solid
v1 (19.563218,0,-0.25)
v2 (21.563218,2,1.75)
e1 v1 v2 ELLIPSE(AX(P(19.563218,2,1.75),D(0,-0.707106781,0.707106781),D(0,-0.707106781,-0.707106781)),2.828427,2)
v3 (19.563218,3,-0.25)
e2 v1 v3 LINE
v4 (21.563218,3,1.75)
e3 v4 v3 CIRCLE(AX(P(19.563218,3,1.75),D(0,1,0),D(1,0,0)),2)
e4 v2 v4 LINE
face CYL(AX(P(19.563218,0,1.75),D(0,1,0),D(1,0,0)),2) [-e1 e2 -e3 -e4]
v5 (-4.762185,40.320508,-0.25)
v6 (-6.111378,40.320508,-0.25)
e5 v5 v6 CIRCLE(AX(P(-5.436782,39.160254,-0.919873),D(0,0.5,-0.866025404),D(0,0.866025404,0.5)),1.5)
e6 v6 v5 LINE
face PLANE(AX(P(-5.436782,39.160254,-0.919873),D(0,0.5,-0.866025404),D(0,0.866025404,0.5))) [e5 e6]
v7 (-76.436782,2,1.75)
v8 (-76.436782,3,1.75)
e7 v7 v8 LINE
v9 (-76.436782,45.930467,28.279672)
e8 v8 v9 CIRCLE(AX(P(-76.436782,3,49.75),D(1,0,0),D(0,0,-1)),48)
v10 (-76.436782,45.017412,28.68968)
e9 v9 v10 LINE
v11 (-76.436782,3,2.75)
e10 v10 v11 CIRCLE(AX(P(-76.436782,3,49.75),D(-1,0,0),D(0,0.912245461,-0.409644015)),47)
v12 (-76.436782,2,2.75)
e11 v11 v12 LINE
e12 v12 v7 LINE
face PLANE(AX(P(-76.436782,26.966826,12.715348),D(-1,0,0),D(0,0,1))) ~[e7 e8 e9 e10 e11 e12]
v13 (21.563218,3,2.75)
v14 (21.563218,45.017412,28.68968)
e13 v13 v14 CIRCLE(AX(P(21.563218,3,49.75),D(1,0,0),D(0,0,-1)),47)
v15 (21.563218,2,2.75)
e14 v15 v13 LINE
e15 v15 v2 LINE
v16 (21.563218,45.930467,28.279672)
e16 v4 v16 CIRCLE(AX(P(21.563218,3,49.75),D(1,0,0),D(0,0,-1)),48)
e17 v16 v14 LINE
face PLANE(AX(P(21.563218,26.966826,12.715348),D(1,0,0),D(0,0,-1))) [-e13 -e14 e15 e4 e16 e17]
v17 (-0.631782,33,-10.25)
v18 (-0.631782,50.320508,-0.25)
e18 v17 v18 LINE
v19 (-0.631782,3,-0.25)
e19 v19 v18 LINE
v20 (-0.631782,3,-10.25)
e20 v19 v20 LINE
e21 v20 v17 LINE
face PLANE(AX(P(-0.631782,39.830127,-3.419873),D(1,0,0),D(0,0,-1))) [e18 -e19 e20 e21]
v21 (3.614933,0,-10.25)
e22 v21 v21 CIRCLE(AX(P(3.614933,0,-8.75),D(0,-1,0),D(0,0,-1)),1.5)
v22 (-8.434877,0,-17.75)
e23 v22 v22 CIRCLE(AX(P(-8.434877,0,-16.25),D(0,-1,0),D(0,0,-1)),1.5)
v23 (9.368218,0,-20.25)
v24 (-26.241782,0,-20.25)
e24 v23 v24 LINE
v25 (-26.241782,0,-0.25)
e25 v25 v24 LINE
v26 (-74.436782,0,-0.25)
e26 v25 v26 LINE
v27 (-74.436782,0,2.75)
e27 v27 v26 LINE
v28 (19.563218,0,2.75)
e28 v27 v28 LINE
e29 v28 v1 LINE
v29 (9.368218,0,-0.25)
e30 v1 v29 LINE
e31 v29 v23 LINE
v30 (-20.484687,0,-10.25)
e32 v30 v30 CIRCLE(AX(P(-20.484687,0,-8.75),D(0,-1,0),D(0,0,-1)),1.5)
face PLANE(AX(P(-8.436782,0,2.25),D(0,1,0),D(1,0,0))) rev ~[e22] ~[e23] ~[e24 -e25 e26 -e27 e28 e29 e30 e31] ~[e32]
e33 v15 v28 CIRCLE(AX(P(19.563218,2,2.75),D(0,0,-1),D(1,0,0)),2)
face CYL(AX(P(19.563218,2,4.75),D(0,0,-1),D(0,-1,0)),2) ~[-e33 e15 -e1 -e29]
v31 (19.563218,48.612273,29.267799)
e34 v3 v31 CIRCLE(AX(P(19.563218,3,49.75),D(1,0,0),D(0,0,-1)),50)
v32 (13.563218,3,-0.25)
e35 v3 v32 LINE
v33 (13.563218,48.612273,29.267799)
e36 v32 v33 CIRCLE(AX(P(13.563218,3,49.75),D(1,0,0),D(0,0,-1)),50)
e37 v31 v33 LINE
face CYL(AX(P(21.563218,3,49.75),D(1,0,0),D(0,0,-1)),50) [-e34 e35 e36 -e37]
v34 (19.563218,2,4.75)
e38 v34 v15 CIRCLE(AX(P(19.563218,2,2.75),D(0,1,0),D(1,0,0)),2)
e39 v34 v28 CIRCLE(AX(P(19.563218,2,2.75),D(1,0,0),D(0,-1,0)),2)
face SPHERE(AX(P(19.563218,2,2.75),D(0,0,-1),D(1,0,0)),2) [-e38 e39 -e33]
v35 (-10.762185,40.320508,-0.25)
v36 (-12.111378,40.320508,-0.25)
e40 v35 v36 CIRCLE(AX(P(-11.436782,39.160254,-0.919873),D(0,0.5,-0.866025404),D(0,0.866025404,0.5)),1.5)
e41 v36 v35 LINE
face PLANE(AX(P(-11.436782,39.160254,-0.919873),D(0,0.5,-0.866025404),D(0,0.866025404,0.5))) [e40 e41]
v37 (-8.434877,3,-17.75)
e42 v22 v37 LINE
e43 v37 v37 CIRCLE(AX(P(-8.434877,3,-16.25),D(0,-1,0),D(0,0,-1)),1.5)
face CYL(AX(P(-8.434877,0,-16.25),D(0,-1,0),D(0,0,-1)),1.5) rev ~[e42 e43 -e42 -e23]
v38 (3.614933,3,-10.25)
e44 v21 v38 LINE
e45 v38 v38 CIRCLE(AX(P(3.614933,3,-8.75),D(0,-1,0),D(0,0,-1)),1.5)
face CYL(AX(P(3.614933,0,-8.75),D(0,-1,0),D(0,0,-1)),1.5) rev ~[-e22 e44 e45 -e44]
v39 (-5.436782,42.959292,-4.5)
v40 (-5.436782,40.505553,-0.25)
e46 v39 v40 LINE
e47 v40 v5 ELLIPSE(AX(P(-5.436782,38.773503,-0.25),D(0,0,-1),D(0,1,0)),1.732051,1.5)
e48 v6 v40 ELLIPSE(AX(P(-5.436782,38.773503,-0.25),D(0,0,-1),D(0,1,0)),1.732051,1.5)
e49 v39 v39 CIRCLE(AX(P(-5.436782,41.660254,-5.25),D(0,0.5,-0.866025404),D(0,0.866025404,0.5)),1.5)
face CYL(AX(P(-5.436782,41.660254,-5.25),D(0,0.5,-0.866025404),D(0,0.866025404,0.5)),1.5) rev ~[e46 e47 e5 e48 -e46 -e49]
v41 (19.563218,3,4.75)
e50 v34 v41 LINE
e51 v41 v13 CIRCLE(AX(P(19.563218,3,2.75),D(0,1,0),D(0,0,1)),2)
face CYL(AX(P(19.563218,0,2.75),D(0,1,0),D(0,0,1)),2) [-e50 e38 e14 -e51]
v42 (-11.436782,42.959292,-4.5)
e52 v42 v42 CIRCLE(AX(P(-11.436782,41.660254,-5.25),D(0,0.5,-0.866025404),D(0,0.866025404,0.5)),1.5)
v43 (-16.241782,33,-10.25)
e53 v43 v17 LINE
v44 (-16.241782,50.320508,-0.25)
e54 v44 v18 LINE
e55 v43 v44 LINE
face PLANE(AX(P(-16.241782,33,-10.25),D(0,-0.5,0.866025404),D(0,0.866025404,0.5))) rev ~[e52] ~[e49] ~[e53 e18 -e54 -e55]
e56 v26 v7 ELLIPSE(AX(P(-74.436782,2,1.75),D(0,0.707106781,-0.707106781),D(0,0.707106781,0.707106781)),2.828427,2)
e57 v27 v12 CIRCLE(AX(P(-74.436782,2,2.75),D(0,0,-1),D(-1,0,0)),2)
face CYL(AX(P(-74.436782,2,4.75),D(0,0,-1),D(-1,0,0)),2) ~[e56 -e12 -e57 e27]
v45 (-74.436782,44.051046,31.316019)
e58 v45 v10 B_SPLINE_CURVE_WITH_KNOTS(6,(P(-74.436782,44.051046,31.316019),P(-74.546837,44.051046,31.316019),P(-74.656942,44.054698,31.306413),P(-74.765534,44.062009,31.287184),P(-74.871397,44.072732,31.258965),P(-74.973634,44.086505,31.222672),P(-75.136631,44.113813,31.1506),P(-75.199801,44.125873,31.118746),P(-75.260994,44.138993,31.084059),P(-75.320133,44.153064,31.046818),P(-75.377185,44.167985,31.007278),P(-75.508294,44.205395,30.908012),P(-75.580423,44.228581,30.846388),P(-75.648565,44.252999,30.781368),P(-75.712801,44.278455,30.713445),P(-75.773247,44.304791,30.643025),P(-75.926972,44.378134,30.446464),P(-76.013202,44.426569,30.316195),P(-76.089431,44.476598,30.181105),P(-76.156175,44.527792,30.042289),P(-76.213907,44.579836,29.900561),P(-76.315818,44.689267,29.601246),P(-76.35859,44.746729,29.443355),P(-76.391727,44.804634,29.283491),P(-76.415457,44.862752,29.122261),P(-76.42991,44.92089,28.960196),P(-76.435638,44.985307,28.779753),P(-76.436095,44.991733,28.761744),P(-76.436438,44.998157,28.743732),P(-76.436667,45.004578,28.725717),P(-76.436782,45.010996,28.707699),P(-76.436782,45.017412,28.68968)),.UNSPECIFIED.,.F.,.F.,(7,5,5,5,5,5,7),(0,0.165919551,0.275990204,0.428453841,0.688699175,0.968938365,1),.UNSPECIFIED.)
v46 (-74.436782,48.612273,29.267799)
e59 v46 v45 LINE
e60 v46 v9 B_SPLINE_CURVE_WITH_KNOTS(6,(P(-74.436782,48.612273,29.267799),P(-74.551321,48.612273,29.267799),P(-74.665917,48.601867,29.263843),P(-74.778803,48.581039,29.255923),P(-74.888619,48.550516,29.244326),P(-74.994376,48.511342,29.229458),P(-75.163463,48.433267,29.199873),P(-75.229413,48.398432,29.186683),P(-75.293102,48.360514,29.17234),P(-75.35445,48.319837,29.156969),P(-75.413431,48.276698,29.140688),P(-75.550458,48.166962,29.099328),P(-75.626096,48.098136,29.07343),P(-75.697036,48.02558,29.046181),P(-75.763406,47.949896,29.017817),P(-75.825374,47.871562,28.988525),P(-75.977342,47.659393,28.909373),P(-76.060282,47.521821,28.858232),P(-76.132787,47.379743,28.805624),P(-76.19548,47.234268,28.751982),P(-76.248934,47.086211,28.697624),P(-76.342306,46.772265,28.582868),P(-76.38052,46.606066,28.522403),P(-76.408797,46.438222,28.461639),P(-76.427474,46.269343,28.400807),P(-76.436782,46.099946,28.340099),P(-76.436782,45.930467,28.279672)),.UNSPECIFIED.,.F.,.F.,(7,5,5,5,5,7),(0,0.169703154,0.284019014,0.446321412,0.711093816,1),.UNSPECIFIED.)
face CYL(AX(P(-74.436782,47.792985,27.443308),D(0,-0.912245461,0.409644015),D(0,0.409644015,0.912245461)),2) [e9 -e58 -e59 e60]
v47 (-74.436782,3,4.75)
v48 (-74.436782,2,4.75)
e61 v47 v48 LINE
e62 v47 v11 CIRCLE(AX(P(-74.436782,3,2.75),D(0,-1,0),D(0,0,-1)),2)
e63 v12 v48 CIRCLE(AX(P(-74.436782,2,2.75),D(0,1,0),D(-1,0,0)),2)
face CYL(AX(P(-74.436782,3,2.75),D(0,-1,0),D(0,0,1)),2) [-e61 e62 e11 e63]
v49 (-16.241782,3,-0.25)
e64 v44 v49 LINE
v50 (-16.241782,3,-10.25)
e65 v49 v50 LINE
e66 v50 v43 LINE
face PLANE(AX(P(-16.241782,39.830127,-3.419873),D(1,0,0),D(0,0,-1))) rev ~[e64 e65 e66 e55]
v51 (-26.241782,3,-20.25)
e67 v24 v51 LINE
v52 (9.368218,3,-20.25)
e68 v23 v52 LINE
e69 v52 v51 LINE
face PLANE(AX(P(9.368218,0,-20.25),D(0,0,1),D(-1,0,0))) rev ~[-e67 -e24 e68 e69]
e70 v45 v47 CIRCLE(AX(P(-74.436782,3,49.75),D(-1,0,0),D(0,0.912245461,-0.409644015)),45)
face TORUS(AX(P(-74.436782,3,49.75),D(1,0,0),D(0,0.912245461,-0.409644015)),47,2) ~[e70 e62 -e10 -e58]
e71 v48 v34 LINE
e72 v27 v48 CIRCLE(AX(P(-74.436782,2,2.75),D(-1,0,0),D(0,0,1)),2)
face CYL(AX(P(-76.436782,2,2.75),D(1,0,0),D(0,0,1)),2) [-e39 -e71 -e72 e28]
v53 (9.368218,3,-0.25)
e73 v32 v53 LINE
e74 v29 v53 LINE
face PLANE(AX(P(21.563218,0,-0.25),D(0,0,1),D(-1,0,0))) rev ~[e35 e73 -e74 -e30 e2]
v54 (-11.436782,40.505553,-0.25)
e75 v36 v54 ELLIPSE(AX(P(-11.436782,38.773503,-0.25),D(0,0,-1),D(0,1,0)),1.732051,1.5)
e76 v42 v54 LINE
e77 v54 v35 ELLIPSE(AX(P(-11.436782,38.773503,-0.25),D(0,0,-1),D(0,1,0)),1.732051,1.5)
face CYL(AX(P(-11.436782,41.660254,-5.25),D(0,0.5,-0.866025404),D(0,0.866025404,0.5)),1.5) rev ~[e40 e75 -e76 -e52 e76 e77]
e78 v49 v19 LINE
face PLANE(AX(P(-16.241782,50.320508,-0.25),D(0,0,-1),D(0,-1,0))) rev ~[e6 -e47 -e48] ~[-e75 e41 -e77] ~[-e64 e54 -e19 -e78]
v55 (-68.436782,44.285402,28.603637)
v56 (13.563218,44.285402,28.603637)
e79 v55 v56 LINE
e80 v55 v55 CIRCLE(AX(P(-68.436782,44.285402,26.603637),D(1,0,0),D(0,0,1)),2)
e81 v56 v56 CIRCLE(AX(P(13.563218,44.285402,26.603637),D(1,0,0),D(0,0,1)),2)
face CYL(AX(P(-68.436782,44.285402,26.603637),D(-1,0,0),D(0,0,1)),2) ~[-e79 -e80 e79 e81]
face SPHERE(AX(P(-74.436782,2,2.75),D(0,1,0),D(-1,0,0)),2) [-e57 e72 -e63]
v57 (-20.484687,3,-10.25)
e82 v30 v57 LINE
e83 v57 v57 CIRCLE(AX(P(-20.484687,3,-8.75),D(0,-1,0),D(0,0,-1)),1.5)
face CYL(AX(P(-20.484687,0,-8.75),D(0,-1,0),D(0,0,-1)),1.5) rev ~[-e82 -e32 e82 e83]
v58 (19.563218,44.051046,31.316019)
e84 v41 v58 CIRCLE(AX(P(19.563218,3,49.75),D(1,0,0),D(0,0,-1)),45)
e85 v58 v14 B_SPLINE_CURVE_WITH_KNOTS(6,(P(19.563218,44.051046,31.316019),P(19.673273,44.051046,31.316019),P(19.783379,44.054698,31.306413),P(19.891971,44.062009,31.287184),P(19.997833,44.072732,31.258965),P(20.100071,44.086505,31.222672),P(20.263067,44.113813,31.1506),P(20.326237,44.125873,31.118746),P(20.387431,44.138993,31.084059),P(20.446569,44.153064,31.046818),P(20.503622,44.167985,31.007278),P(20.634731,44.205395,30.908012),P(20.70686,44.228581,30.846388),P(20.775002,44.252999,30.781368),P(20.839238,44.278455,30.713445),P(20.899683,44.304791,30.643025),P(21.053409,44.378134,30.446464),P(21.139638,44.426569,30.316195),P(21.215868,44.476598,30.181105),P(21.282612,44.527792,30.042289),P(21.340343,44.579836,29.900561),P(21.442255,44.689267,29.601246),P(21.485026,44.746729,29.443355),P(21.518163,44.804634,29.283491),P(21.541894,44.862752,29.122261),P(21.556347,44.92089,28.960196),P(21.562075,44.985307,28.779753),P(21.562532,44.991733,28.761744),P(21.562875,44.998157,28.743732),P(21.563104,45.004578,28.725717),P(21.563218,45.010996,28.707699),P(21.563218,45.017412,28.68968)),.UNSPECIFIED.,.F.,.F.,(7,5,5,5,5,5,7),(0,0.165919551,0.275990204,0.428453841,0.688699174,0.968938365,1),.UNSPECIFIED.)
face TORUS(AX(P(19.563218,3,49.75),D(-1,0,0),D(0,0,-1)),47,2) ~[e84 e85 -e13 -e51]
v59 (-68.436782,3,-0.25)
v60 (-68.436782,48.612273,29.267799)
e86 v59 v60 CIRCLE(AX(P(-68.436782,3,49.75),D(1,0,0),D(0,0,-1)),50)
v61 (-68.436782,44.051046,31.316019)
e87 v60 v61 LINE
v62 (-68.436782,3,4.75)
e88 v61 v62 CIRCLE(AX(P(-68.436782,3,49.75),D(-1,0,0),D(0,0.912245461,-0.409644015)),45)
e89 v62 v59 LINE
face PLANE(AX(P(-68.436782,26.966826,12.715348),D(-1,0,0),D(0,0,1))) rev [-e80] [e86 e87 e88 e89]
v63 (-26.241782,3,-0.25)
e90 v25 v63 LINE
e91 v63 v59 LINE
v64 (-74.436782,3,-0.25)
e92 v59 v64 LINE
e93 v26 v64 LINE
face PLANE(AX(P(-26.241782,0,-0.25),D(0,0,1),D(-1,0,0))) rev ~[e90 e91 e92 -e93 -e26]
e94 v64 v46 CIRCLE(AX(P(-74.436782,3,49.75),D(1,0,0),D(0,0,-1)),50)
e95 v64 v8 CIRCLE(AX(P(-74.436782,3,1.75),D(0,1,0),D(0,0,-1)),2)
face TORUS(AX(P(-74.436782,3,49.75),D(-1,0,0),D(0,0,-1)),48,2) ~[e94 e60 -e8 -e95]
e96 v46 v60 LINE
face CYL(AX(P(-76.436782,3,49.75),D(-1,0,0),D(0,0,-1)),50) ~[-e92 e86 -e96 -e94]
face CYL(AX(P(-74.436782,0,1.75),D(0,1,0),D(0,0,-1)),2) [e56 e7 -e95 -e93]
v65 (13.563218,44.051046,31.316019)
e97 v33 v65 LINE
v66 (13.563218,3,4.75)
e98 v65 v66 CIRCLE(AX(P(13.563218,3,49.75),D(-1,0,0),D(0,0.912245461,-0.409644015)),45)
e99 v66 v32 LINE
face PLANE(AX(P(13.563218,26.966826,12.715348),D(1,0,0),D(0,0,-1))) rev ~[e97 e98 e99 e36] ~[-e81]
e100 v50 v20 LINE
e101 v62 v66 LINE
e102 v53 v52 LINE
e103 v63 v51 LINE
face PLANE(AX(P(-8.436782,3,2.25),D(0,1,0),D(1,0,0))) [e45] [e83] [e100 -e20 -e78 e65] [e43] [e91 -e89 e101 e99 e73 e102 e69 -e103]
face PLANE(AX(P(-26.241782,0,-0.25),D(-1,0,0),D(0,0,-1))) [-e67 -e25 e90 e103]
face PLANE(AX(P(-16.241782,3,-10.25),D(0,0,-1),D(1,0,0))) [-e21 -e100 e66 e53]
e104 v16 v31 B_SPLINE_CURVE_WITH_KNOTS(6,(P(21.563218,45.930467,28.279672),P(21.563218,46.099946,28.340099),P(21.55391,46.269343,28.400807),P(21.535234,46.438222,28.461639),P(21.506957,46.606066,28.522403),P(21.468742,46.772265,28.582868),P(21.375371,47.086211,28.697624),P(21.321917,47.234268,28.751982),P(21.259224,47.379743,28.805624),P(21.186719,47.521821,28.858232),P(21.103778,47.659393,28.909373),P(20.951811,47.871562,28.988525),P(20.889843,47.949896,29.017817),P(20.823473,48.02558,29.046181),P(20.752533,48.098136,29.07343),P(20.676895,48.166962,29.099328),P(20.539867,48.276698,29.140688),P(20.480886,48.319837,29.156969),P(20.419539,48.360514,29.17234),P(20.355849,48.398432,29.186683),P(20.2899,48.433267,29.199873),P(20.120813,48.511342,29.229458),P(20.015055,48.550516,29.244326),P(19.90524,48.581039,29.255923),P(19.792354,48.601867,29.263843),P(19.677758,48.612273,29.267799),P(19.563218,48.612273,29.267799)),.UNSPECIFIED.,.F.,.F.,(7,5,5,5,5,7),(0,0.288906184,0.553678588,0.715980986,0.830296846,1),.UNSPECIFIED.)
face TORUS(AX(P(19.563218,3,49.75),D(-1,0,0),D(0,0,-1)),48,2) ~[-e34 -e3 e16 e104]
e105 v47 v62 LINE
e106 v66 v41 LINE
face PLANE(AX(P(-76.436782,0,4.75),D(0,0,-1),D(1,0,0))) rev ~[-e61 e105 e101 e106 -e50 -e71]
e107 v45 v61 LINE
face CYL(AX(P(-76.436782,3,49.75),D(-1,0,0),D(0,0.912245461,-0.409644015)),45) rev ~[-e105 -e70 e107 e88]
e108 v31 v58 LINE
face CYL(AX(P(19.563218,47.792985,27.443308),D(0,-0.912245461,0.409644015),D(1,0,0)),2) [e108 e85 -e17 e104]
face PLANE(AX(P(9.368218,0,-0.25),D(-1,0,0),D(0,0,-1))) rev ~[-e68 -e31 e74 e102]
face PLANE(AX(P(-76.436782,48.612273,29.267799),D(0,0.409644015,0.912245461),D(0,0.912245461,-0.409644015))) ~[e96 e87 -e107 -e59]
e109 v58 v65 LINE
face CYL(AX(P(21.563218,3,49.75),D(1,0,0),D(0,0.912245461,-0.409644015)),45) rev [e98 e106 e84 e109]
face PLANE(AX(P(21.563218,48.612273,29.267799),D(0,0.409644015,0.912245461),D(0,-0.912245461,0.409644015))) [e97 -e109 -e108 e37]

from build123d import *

# Parameters (mm, degrees)
SKETCH1_W           = 17.805
SKETCH1_H           = 20
SKETCH1_W_2         = 38
SKETCH1_H_2         = 5
BOSS_EXTRUDE1_DEPTH = 3
SKETCH3_R           = 1.5
CUT_EXTRUDE1_DEPTH  = 5
SKETCH7_W           = 15.61
SKETCH7_H           = 10
BOSS_EXTRUDE4_DEPTH = 30
BOSS_EXTRUDE5_DEPTH = 15.61
SKETCH9_R           = 1.5
CUT_EXTRUDE2_DEPTH  = 5
BOSS_EXTRUDE6_DEPTH = 8
FILLET4_R           = 2
SKETCH10_R          = 2
BOSS_EXTRUDE7_DEPTH = 82


with BuildPart() as part:
    # Sketch1 → Boss-Extrude1 (new body)
    with BuildSketch(Plane(origin=(0, 0, 0), x_dir=(1, 0, 0), z_dir=(0, 1, 0))):
        Polygon((9.368218391, 0.25), (-8.436781609, 0.25), (-26.241781609, 0.25), (-38.436781609, 0.25), (-38.436781609, -4.75), (21.563218391, -4.75), (21.563218391, 0.25), align=None)
        with Locations((0.465718391, 10.25)):
            Rectangle(SKETCH1_W, SKETCH1_H)
        with Locations((-17.339281609, 10.25)):
            Rectangle(SKETCH1_W, SKETCH1_H)
        with Locations((-57.436781609, -2.25)):
            Rectangle(SKETCH1_W_2, SKETCH1_H_2)
    extrude(amount=BOSS_EXTRUDE1_DEPTH)

    # Sketch3 → Cut-Extrude1 (cut)
    with BuildSketch(Plane.XZ):
        with Locations(Location((-20.484687418, -8.75, 0), (0, 0, 270))):
            Circle(SKETCH3_R)
        with Locations(Location((-8.434877213, -16.25, 0), (0, 0, 270))):
            Circle(SKETCH3_R)
        with Locations(Location((3.614932992, -8.75, 0), (0, 0, 270))):
            Circle(SKETCH3_R)
    extrude(amount=-CUT_EXTRUDE1_DEPTH, mode=Mode.SUBTRACT)

    # Sketch7 → Boss-Extrude4 (add)
    with BuildSketch(Plane(origin=(0, 3, 0), x_dir=(1, 0, 0), z_dir=(0, 1, 0))):
        with Locations((-8.436781609, 5.25)):
            Rectangle(SKETCH7_W, SKETCH7_H)
    extrude(amount=BOSS_EXTRUDE4_DEPTH)

    # Sketch8 → Boss-Extrude5 (add)
    with BuildSketch(Plane.ZY.offset(16.241781609)):
        Polygon((-10.25, 33), (-0.25, 50.320508076), (-0.25, 33), align=None)
    extrude(amount=-BOSS_EXTRUDE5_DEPTH)

    # Sketch9 → Cut-Extrude2 (cut)
    with BuildSketch(Plane(origin=(0, 12.688380194, -21.976919162), x_dir=(1, 0, 0), z_dir=(0, 0.4999999999999978, -0.8660254037844399))):
        with Locations(Location((-11.436781609, -33.453838325, 0), (0, 0, 270))):
            Circle(SKETCH9_R)
        with Locations(Location((-5.436781609, -33.453838325, 0), (0, 0, 270))):
            Circle(SKETCH9_R)
    extrude(amount=-CUT_EXTRUDE2_DEPTH, mode=Mode.SUBTRACT)

    # Sketch2 → Boss-Extrude6 (add)
    with BuildSketch(Plane(origin=(21.563218391, 0, 0), x_dir=(0, 0, -1), z_dir=(1, 0, 0))):
        with BuildLine():
            Line((-29.267799241, 48.612273042), (-31.316019317, 44.051045738))
            ThreePointArc((-31.316019317, 44.051045738), (-11.97084483, 27.448628481), (-4.75, 3))
            Line((-4.75, 3), (0.25, 3))
            ThreePointArc((0.25, 3), (-7.773160922, 30.165142757), (-29.267799241, 48.612273042))
        make_face()
    boss_extrude6 = extrude(amount=-BOSS_EXTRUDE6_DEPTH)

    # Mirror1: Boss-Extrude6 across plane
    add(boss_extrude6.mirror(Plane.ZY.offset(27.436781609)))

    # Fillet4
    fillet4_edges = [part.edges().sort_by_distance(p)[0] for p in [
        (-76.436781609, 27.448628481, 11.97084483),
        (-76.436781609, 30.165142757, 7.773160922),
        (-76.436781609, 46.33165939, 30.291909279),
        (21.563218391, 0, 2.25),
        (21.563218391, 1.5, 4.75),
        (21.563218391, 1.5, -0.25),
        (-76.436781609, 1.5, -0.25),
        (-76.436781609, 1.5, 4.75),
        (-76.436781609, 0, 2.25),
        (21.563218391, 27.448628481, 11.97084483),
        (-27.436781609, 0, 4.75),
        (21.563218391, 30.165142757, 7.773160922),
        (21.563218391, 46.33165939, 30.291909279),
    ]]
    fillet(fillet4_edges, radius=FILLET4_R)

    # Sketch10 → Boss-Extrude7 (add)
    with BuildSketch(Plane(origin=(-68.436781609, 0, 0), x_dir=(0, 0, -1), z_dir=(1, 0, 0))):
        with Locations(Location((-26.603637459, 44.285402207, 0), (0, 0, 180))):
            Circle(SKETCH10_R)
    extrude(amount=BOSS_EXTRUDE7_DEPTH)


solid = part.part
